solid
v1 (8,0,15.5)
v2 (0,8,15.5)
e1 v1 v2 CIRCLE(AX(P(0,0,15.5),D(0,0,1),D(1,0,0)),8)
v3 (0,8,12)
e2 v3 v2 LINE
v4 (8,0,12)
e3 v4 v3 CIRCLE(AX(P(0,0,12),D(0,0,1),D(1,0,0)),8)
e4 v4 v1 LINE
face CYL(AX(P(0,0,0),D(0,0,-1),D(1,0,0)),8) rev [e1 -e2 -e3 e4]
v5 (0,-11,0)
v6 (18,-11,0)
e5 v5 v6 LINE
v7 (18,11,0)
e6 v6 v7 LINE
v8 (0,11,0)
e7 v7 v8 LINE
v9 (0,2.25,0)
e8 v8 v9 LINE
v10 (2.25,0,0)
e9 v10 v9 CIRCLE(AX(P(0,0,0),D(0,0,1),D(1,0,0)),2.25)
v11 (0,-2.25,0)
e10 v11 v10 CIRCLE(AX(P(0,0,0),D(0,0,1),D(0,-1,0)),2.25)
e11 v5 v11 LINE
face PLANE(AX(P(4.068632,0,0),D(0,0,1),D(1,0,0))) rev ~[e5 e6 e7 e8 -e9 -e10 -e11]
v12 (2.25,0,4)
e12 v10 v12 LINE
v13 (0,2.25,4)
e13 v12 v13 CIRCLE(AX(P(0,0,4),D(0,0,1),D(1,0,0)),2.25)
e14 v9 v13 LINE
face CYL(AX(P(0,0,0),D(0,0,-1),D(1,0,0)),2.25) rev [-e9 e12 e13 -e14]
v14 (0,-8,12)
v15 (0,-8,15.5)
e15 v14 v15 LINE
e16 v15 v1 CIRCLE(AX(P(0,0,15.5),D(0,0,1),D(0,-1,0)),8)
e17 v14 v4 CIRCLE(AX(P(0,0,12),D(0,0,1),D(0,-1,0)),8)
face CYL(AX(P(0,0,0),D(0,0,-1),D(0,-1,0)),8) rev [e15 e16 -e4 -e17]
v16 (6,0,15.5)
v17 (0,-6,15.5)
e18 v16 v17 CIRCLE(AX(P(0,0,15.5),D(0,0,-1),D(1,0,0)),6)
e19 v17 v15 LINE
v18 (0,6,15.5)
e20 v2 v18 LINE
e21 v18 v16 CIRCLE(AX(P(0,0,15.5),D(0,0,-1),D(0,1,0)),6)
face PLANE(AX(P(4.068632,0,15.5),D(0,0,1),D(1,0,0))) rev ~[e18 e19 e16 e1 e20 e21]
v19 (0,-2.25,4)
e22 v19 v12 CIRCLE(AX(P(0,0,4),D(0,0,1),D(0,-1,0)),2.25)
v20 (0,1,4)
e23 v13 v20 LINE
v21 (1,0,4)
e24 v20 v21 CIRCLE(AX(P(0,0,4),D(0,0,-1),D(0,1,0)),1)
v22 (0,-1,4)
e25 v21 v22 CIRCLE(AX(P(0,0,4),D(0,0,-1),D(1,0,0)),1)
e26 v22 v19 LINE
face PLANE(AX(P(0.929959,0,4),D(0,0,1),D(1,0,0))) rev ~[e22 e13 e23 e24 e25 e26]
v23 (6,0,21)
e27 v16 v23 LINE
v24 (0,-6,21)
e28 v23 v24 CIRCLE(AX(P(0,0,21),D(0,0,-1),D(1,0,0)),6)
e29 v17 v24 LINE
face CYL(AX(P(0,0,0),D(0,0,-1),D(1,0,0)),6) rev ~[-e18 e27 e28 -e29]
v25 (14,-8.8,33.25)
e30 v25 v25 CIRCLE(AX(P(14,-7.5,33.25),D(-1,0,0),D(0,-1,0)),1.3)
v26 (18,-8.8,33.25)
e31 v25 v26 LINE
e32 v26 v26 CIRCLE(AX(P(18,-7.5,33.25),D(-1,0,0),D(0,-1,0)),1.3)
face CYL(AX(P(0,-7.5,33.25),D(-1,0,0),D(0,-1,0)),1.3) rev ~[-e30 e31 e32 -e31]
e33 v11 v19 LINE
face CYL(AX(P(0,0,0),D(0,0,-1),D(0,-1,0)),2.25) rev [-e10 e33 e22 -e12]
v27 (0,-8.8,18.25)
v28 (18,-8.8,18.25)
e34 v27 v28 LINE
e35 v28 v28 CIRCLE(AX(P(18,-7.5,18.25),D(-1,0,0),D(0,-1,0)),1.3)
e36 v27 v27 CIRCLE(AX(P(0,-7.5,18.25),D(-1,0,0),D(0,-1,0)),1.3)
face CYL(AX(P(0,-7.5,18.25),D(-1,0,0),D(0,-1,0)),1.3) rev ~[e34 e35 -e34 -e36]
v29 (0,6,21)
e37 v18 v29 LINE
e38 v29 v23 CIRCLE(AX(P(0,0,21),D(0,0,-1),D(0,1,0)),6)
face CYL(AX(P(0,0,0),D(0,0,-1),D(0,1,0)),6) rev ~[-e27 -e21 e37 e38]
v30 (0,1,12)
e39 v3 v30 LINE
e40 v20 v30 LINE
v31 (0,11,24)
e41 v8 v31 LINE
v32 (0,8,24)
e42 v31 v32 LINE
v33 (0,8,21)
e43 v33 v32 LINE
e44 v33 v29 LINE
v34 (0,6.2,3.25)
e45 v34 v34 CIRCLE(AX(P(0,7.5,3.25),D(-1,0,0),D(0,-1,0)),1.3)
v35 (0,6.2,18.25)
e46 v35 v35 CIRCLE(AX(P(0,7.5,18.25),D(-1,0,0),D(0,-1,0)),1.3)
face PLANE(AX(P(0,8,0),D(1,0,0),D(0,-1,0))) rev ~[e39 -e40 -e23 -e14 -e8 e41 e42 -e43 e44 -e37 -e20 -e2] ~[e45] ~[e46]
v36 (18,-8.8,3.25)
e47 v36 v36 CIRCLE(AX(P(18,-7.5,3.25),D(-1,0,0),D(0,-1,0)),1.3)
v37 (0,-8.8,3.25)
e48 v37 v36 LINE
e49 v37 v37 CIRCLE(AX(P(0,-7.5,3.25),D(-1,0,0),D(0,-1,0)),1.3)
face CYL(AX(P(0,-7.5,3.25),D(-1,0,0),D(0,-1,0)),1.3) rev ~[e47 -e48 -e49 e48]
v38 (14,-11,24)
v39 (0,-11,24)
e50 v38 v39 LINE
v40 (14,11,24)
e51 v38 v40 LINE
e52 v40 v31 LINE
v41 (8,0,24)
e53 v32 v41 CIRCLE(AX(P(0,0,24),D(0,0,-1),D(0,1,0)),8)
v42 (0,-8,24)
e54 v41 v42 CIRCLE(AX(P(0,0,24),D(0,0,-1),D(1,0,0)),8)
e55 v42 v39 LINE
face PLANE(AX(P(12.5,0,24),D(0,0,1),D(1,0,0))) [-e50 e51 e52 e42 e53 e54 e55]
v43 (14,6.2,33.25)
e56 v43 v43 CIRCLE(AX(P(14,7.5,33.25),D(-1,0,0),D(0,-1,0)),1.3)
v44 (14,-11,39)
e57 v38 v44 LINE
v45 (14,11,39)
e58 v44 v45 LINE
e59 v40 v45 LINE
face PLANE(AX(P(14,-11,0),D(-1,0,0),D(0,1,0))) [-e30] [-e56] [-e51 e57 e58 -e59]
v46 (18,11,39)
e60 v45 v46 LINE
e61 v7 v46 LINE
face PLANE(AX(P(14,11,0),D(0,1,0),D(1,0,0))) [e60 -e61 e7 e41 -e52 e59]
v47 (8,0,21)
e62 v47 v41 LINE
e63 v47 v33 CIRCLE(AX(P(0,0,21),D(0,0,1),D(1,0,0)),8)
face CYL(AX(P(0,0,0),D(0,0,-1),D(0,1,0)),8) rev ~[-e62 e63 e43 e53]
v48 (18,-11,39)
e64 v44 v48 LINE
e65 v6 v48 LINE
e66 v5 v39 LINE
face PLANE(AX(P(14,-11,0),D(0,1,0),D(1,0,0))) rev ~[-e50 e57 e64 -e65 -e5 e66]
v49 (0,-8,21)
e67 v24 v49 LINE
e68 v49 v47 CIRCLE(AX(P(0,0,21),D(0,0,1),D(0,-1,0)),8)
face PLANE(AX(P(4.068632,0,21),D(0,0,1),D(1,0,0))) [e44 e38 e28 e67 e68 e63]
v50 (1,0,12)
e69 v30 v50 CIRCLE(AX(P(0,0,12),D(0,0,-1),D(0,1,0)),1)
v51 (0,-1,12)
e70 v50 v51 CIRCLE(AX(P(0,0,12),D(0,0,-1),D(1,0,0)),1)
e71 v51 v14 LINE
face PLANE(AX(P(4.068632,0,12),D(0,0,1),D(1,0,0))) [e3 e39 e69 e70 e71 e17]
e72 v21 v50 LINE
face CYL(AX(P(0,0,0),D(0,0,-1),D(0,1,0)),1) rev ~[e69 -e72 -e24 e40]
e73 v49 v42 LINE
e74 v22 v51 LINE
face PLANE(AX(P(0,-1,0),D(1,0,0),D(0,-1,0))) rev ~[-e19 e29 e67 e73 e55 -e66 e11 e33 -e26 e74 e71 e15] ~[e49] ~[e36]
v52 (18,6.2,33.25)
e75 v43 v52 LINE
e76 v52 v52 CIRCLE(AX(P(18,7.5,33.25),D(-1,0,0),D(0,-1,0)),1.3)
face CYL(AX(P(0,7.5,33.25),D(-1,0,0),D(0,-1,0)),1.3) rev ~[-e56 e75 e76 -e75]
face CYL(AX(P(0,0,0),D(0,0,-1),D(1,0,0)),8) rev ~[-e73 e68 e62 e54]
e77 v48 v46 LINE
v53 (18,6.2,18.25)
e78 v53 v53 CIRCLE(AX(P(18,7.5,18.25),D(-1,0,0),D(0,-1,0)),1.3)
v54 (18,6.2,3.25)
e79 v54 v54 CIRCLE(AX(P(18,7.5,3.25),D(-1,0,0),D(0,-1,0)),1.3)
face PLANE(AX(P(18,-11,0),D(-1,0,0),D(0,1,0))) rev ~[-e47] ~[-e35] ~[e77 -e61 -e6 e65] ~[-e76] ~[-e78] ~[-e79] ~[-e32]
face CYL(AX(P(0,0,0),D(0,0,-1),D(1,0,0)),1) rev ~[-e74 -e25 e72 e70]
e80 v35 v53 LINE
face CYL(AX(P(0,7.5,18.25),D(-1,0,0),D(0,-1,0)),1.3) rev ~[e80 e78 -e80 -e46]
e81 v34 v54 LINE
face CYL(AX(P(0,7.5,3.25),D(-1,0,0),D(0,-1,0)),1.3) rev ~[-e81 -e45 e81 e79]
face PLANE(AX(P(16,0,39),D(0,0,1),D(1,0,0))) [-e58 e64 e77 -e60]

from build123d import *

# Parameters (mm, degrees)
F2_DEPTH  = 24
F1_W      = 3
F1_H      = 22
F3_DEPTH  = 24
F1_W_2    = 4
F4_DEPTH  = 39
F5_DEPTH  = 21
F6_DEPTH  = 15.5
F7_DEPTH  = 12
F8_DEPTH  = 4
F9_R      = 1.3
F10_DEPTH = 18.001


with BuildPart() as f2:
    # F1 (on Top) → F2 (new body)
    with BuildSketch(Plane.XY):
        with BuildLine():
            Line((11, 11), (0, 11))
            Line((0, 11), (0, 8))
            ThreePointArc((0, 8), (5.6568542495, 5.6568542495), (8, 0))
            ThreePointArc((8, 0), (5.6568542495, -5.6568542495), (0, -8))
            Line((0, -8), (0, -11))
            Line((0, -11), (11, -11))
            Line((11, -11), (11, 11))
        make_face()
    extrude(amount=F2_DEPTH)

    # F1 (on Top) → F3 (join)
    with BuildSketch(Plane.XY):
        with Locations((12.5, 0)):
            Rectangle(F1_W, F1_H)
    extrude(amount=F3_DEPTH)

    # F1 (on Top) → F4 (join)
    with BuildSketch(Plane.XY):
        with Locations((16, 0)):
            Rectangle(F1_W_2, F1_H)
    extrude(amount=F4_DEPTH)

    # F1 (on Top) → F5 (join)
    with BuildSketch(Plane.XY):
        with BuildLine():
            ThreePointArc((8, 0), (5.6568542495, 5.6568542495), (0, 8))
            Line((0, 8), (0, 6))
            ThreePointArc((0, 6), (4.2426406871, 4.2426406871), (6, 0))
            ThreePointArc((6, 0), (4.2426406871, -4.2426406871), (0, -6))
            Line((0, -6), (0, -8))
            ThreePointArc((0, -8), (5.6568542495, -5.6568542495), (8, 0))
        make_face()
    extrude(amount=F5_DEPTH)

    # F1 (on Top) → F6 (cut)
    with BuildSketch(Plane.XY):
        with BuildLine():
            ThreePointArc((8, 0), (5.6568542495, 5.6568542495), (0, 8))
            Line((0, 8), (0, 6))
            ThreePointArc((0, 6), (4.2426406871, 4.2426406871), (6, 0))
            ThreePointArc((6, 0), (4.2426406871, -4.2426406871), (0, -6))
            Line((0, -6), (0, -8))
            ThreePointArc((0, -8), (5.6568542495, -5.6568542495), (8, 0))
        make_face()
        with BuildLine():
            Line((0, 6), (0, 8))
            ThreePointArc((0, 8), (-8, 0), (0, -8))
            Line((0, -8), (0, -6))
            ThreePointArc((0, -6), (-6, 0), (0, 6))
        make_face()
    extrude(amount=F6_DEPTH, mode=Mode.SUBTRACT)

    # F1 (on Top) → F7 (join)
    with BuildSketch(Plane.XY):
        with BuildLine():
            ThreePointArc((8, 0), (5.6568542495, 5.6568542495), (0, 8))
            Line((0, 8), (0, 6))
            ThreePointArc((0, 6), (4.2426406871, 4.2426406871), (6, 0))
            ThreePointArc((6, 0), (4.2426406871, -4.2426406871), (0, -6))
            Line((0, -6), (0, -8))
            ThreePointArc((0, -8), (5.6568542495, -5.6568542495), (8, 0))
        make_face()
        with BuildLine():
            ThreePointArc((6, 0), (4.2426406871, 4.2426406871), (0, 6))
            Line((0, 6), (0, 2.25))
            ThreePointArc((0, 2.25), (1.5909902577, 1.5909902577), (2.25, 0))
            ThreePointArc((2.25, 0), (1.5909902577, -1.5909902577), (0, -2.25))
            Line((0, -2.25), (0, -6))
            ThreePointArc((0, -6), (4.2426406871, -4.2426406871), (6, 0))
        make_face()
        with BuildLine():
            ThreePointArc((2.25, 0), (1.5909902577, 1.5909902577), (0, 2.25))
            Line((0, 2.25), (0, 1))
            ThreePointArc((0, 1), (0.7071067812, 0.7071067812), (1, 0))
            ThreePointArc((1, 0), (0.7071067812, -0.7071067812), (0, -1))
            Line((0, -1), (0, -2.25))
            ThreePointArc((0, -2.25), (1.5909902577, -1.5909902577), (2.25, 0))
        make_face()
    extrude(amount=F7_DEPTH)

    # F1 (on Top) → F8 (cut)
    with BuildSketch(Plane.XY):
        with BuildLine():
            ThreePointArc((2.25, 0), (1.5909902577, 1.5909902577), (0, 2.25))
            Line((0, 2.25), (0, 1))
            ThreePointArc((0, 1), (0.7071067812, 0.7071067812), (1, 0))
            ThreePointArc((1, 0), (0.7071067812, -0.7071067812), (0, -1))
            Line((0, -1), (0, -2.25))
            ThreePointArc((0, -2.25), (1.5909902577, -1.5909902577), (2.25, 0))
        make_face()
        with BuildLine():
            Line((0, 1), (0, 2.25))
            ThreePointArc((0, 2.25), (-2.25, 0), (0, -2.25))
            Line((0, -2.25), (0, -1))
            ThreePointArc((0, -1), (-1, 0), (0, 1))
        make_face()
    extrude(amount=F8_DEPTH, mode=Mode.SUBTRACT)

    # F9 (on face) → F10 (cut, through all)
    with BuildSketch(Plane(origin=(0, 0, 0), x_dir=(0, -1, 0), z_dir=(-1, 0, 0))):
        with Locations((-7.5, 18.25)):
            Circle(F9_R)
        with Locations((7.5, 18.25)):
            Circle(F9_R)
        with Locations((7.5, 3.25)):
            Circle(F9_R)
        with Locations((-7.5, 3.25)):
            Circle(F9_R)
        with Locations((-7.5, 33.25)):
            Circle(F9_R)
        with Locations((7.5, 33.25)):
            Circle(F9_R)
    extrude(amount=-F10_DEPTH, mode=Mode.SUBTRACT)


solid = f2.part
